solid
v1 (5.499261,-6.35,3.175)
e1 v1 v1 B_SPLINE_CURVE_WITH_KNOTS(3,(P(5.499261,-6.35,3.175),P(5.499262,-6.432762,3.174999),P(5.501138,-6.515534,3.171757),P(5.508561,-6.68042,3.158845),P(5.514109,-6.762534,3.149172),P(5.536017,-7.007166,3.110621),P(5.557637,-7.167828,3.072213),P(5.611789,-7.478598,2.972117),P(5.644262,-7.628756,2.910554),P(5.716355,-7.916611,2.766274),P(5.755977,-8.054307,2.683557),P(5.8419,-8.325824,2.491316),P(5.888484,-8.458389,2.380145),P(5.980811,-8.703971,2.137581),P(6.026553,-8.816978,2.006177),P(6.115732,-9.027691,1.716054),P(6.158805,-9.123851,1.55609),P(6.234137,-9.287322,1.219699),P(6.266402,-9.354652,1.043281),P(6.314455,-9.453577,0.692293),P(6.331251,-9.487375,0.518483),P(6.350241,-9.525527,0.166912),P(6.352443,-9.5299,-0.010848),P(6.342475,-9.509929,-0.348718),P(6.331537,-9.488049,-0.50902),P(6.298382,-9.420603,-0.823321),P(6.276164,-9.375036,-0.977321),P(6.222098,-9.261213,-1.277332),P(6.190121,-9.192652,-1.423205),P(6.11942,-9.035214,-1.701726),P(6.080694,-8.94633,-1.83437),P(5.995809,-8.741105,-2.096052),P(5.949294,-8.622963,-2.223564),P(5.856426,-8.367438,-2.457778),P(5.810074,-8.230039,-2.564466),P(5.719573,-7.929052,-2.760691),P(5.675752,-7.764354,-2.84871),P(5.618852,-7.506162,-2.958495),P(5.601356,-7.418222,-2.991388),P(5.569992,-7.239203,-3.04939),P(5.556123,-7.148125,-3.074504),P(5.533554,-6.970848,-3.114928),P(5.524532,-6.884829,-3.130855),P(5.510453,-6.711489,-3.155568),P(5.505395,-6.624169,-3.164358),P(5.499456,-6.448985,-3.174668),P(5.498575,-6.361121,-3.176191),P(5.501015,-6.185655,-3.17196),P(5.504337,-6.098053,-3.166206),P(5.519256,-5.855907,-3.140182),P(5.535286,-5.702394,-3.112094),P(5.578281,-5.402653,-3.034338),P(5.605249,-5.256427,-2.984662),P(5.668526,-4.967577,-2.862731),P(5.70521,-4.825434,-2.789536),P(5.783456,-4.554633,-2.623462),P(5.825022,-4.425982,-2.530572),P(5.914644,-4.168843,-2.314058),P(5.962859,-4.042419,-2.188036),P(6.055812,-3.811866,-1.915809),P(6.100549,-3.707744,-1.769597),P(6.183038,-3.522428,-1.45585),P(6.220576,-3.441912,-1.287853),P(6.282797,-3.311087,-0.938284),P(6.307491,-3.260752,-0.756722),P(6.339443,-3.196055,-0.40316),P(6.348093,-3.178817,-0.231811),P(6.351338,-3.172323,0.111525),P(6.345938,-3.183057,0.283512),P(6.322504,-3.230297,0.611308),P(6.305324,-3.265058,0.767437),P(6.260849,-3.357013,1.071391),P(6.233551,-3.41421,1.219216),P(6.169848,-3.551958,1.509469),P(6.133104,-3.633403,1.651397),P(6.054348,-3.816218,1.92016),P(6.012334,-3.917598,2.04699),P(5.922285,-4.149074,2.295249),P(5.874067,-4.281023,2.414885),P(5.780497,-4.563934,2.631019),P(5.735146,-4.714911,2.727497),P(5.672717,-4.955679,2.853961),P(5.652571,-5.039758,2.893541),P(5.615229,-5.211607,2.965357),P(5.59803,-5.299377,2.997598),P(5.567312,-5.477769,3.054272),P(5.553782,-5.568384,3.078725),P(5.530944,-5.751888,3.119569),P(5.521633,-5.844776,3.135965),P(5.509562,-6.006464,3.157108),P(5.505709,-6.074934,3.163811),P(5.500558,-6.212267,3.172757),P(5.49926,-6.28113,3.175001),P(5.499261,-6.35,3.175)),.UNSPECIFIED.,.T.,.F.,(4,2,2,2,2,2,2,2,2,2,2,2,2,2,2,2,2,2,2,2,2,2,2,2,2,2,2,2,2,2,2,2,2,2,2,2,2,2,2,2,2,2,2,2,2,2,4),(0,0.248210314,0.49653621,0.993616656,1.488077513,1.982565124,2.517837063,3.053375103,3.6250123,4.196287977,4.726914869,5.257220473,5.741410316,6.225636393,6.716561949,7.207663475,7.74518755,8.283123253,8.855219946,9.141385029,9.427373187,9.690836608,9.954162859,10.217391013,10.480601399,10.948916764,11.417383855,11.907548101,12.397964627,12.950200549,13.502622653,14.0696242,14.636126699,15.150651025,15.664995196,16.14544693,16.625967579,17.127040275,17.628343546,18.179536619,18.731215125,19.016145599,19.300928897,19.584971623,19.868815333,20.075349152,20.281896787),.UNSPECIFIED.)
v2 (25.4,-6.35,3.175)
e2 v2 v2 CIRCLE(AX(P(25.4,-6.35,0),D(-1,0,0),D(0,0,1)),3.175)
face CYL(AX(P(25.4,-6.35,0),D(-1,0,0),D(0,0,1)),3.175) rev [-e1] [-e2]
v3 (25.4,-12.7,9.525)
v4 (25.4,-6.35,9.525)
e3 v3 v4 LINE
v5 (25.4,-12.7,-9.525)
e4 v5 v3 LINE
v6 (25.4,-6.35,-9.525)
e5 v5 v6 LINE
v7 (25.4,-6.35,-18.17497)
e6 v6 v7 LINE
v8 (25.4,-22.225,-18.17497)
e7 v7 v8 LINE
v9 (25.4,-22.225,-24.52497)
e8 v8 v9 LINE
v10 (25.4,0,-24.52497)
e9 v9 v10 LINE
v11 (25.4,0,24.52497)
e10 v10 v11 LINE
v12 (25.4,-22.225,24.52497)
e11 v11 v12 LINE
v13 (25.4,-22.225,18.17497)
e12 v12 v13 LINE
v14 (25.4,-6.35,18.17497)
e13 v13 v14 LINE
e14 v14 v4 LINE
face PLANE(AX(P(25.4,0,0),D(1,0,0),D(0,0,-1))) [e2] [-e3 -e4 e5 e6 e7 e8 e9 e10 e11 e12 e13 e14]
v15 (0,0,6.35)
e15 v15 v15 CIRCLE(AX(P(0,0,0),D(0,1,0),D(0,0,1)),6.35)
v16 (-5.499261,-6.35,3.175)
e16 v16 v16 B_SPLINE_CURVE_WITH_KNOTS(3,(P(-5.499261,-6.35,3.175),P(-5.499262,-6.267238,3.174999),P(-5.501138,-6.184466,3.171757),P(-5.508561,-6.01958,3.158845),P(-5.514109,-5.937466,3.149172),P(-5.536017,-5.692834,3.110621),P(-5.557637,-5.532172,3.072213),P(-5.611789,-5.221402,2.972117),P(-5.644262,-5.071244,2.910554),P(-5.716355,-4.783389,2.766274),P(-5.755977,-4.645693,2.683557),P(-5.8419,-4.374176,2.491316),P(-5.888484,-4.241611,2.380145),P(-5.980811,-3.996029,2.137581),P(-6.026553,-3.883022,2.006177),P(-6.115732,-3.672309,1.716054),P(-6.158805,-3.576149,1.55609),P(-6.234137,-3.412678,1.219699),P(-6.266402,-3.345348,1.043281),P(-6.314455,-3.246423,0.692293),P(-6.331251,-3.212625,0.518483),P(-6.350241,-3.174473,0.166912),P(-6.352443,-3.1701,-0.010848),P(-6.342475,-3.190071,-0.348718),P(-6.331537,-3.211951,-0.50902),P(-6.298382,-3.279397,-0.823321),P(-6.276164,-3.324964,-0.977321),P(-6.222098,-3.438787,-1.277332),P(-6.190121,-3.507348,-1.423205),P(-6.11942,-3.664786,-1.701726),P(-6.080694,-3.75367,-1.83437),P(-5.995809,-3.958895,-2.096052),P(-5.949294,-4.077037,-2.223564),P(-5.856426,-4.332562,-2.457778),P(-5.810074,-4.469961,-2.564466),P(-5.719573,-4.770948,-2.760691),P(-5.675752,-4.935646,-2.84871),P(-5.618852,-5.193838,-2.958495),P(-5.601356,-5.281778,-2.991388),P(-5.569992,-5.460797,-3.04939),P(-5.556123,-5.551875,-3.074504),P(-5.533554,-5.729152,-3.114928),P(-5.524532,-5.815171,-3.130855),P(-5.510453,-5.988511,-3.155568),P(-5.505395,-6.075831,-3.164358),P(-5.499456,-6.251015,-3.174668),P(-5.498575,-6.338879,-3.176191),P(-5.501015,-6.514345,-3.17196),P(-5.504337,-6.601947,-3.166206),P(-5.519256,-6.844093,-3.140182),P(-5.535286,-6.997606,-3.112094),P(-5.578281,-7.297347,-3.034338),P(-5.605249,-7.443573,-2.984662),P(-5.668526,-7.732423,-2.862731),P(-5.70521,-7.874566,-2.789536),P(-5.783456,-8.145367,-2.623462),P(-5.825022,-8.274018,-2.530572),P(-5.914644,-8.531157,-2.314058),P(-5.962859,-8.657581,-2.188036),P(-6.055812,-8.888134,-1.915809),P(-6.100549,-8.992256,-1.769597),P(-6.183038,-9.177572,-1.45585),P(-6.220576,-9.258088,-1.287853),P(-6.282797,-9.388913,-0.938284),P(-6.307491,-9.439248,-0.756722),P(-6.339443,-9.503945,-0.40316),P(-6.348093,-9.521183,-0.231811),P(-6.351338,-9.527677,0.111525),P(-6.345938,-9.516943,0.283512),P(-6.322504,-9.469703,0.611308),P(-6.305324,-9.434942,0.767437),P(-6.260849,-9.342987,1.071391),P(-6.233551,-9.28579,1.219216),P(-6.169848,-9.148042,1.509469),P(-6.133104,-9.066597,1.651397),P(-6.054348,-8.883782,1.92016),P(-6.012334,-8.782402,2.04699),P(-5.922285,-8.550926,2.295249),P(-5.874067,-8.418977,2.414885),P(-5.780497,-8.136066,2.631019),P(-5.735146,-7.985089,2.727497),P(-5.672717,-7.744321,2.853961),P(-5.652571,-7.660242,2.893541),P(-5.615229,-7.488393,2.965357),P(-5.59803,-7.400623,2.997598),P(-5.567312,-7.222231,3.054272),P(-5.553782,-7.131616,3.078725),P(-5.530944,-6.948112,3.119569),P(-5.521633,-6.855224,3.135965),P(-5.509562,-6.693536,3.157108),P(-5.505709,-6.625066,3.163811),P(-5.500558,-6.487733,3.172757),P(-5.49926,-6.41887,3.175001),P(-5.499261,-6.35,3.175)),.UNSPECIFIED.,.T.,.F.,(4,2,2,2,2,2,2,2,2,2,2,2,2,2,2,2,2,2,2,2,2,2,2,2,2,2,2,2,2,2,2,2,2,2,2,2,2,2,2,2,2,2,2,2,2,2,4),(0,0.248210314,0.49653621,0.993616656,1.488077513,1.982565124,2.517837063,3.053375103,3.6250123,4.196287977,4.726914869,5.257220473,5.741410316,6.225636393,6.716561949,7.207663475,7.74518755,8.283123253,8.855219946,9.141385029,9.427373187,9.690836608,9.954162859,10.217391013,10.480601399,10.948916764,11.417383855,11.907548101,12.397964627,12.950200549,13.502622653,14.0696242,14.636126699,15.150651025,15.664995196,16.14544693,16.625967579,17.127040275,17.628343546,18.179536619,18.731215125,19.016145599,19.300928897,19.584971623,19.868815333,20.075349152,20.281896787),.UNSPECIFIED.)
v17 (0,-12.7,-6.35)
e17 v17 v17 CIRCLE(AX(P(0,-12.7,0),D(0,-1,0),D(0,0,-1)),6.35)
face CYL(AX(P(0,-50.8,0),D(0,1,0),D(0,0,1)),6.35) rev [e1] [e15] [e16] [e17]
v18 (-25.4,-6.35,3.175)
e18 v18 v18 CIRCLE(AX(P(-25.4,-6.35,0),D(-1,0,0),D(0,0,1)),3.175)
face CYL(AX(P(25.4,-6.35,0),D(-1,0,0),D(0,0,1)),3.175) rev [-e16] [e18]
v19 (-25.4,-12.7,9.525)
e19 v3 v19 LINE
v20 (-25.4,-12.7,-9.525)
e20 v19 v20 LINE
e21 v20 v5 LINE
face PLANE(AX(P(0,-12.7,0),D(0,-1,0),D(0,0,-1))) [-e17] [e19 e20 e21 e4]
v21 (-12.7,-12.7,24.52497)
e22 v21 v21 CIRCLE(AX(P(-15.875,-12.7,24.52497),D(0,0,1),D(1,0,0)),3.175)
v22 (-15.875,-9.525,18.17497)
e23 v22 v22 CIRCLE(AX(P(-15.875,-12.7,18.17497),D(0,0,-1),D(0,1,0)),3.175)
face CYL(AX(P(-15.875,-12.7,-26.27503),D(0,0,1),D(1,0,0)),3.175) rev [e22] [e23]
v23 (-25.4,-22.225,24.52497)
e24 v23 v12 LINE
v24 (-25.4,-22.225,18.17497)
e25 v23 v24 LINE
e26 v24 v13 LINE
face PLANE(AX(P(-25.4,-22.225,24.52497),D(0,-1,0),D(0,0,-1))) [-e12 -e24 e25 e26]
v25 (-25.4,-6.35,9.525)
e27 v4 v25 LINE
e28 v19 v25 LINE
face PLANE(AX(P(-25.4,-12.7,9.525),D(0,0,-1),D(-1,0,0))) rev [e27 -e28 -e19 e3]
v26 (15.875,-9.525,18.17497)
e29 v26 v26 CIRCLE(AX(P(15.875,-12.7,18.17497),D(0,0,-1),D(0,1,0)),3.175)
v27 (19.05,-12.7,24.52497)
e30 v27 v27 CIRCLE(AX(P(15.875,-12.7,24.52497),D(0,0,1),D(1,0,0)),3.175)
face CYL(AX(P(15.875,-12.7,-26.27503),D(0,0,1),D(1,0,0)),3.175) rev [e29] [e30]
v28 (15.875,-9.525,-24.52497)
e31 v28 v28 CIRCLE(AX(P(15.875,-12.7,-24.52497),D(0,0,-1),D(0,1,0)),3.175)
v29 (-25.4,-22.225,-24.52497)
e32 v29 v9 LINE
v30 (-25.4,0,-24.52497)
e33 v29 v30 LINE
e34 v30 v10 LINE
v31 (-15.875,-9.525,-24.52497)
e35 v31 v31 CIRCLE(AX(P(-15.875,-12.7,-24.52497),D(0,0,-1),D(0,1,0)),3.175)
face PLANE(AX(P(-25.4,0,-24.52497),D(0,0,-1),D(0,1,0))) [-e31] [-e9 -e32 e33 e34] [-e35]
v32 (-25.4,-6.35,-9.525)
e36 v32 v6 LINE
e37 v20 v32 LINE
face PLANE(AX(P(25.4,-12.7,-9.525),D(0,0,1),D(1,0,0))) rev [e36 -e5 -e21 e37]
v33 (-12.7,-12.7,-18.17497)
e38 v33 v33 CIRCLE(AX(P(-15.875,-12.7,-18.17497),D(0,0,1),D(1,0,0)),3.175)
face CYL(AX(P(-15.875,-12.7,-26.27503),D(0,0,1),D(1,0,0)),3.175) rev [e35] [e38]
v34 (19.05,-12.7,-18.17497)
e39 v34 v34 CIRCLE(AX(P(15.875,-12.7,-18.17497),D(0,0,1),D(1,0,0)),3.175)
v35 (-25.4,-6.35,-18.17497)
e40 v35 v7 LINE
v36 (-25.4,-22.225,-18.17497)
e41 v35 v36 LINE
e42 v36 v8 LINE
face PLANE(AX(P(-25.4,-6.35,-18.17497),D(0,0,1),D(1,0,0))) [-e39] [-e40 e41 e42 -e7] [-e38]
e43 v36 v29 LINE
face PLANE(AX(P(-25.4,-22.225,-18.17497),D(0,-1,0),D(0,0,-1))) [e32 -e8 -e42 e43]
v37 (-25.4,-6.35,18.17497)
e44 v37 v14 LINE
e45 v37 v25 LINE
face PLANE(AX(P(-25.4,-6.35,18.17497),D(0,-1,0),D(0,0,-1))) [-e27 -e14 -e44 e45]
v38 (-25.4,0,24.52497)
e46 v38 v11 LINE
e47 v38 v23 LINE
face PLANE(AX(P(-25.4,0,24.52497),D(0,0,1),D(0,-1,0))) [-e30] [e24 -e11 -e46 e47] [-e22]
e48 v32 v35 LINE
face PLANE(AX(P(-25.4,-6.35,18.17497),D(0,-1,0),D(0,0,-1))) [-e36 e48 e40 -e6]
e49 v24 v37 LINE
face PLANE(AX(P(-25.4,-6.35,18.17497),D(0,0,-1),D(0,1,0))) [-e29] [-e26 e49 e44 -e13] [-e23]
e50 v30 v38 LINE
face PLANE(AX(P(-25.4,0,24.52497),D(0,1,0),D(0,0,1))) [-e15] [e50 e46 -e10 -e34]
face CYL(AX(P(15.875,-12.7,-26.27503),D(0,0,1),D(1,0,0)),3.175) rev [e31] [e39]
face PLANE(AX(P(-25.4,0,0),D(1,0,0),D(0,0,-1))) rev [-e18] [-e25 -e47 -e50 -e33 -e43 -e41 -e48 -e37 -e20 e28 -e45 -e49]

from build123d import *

# Parameters (mm, degrees)
BOSS_EXTRUDE2_DEPTH      = 25.4
BOSS_EXTRUDE2_DEPTH_BACK = 25.4
SKETCH3_R                = 3.175
CUT_EXTRUDE1_DEPTH       = 50.8
BOSS_EXTRUDE3_DEPTH      = 6.35
SKETCH4_R                = 6.35
CUT_EXTRUDE2_DEPTH       = 50.8
SKETCH8_R                = 3.175
CUT_EXTRUDE3_DEPTH       = 61.630559774


with BuildPart() as part:
    # Sketch1 → Boss-Extrude2 (new, two sides: drawn at the far end of the back side and taken through both)
    with BuildSketch(Plane(origin=(0, 0, 0), x_dir=(0, 0, -1), z_dir=(1, 0, 0)).offset(-BOSS_EXTRUDE2_DEPTH_BACK)):
        Polygon((18.17497, -22.225), (24.52497, -22.225), (24.52497, 0), (-24.52497, 0), (-24.52497, -22.225), (-18.17497, -22.225), (-18.17497, -6.35), (18.17497, -6.35), align=None)
    extrude(amount=BOSS_EXTRUDE2_DEPTH + BOSS_EXTRUDE2_DEPTH_BACK)

    # Sketch3 → Cut-Extrude1 (cut)
    with BuildSketch(Plane.XY.offset(24.52497)):
        with Locations((-15.875, -12.7)):
            Circle(SKETCH3_R)
        with Locations((15.875, -12.7)):
            Circle(SKETCH3_R)
    extrude(amount=-CUT_EXTRUDE1_DEPTH, mode=Mode.SUBTRACT)

    # Sketch7 → Boss-Extrude3 (add)
    with BuildSketch(Plane.XZ.offset(6.35)):
        Polygon((-25.4, 9.525), (0, 9.525), (25.4, 9.525), (25.4, -9.525), (-1.632648861, -9.525), (-25.4, -9.525), align=None)
    extrude(amount=BOSS_EXTRUDE3_DEPTH)

    # Sketch4 → Cut-Extrude2 (cut)
    with BuildSketch(Plane(origin=(0, 0, 0), x_dir=(1, 0, 0), z_dir=(0, 1, 0))):
        Circle(SKETCH4_R)
    extrude(amount=-CUT_EXTRUDE2_DEPTH, mode=Mode.SUBTRACT)

    # Sketch8 → Cut-Extrude3 (cut, through all)
    with BuildSketch(Plane.ZY.offset(25.4)):
        with Locations((0, -6.35)):
            Circle(SKETCH8_R)
    extrude(amount=-CUT_EXTRUDE3_DEPTH, mode=Mode.SUBTRACT)


solid = part.part
